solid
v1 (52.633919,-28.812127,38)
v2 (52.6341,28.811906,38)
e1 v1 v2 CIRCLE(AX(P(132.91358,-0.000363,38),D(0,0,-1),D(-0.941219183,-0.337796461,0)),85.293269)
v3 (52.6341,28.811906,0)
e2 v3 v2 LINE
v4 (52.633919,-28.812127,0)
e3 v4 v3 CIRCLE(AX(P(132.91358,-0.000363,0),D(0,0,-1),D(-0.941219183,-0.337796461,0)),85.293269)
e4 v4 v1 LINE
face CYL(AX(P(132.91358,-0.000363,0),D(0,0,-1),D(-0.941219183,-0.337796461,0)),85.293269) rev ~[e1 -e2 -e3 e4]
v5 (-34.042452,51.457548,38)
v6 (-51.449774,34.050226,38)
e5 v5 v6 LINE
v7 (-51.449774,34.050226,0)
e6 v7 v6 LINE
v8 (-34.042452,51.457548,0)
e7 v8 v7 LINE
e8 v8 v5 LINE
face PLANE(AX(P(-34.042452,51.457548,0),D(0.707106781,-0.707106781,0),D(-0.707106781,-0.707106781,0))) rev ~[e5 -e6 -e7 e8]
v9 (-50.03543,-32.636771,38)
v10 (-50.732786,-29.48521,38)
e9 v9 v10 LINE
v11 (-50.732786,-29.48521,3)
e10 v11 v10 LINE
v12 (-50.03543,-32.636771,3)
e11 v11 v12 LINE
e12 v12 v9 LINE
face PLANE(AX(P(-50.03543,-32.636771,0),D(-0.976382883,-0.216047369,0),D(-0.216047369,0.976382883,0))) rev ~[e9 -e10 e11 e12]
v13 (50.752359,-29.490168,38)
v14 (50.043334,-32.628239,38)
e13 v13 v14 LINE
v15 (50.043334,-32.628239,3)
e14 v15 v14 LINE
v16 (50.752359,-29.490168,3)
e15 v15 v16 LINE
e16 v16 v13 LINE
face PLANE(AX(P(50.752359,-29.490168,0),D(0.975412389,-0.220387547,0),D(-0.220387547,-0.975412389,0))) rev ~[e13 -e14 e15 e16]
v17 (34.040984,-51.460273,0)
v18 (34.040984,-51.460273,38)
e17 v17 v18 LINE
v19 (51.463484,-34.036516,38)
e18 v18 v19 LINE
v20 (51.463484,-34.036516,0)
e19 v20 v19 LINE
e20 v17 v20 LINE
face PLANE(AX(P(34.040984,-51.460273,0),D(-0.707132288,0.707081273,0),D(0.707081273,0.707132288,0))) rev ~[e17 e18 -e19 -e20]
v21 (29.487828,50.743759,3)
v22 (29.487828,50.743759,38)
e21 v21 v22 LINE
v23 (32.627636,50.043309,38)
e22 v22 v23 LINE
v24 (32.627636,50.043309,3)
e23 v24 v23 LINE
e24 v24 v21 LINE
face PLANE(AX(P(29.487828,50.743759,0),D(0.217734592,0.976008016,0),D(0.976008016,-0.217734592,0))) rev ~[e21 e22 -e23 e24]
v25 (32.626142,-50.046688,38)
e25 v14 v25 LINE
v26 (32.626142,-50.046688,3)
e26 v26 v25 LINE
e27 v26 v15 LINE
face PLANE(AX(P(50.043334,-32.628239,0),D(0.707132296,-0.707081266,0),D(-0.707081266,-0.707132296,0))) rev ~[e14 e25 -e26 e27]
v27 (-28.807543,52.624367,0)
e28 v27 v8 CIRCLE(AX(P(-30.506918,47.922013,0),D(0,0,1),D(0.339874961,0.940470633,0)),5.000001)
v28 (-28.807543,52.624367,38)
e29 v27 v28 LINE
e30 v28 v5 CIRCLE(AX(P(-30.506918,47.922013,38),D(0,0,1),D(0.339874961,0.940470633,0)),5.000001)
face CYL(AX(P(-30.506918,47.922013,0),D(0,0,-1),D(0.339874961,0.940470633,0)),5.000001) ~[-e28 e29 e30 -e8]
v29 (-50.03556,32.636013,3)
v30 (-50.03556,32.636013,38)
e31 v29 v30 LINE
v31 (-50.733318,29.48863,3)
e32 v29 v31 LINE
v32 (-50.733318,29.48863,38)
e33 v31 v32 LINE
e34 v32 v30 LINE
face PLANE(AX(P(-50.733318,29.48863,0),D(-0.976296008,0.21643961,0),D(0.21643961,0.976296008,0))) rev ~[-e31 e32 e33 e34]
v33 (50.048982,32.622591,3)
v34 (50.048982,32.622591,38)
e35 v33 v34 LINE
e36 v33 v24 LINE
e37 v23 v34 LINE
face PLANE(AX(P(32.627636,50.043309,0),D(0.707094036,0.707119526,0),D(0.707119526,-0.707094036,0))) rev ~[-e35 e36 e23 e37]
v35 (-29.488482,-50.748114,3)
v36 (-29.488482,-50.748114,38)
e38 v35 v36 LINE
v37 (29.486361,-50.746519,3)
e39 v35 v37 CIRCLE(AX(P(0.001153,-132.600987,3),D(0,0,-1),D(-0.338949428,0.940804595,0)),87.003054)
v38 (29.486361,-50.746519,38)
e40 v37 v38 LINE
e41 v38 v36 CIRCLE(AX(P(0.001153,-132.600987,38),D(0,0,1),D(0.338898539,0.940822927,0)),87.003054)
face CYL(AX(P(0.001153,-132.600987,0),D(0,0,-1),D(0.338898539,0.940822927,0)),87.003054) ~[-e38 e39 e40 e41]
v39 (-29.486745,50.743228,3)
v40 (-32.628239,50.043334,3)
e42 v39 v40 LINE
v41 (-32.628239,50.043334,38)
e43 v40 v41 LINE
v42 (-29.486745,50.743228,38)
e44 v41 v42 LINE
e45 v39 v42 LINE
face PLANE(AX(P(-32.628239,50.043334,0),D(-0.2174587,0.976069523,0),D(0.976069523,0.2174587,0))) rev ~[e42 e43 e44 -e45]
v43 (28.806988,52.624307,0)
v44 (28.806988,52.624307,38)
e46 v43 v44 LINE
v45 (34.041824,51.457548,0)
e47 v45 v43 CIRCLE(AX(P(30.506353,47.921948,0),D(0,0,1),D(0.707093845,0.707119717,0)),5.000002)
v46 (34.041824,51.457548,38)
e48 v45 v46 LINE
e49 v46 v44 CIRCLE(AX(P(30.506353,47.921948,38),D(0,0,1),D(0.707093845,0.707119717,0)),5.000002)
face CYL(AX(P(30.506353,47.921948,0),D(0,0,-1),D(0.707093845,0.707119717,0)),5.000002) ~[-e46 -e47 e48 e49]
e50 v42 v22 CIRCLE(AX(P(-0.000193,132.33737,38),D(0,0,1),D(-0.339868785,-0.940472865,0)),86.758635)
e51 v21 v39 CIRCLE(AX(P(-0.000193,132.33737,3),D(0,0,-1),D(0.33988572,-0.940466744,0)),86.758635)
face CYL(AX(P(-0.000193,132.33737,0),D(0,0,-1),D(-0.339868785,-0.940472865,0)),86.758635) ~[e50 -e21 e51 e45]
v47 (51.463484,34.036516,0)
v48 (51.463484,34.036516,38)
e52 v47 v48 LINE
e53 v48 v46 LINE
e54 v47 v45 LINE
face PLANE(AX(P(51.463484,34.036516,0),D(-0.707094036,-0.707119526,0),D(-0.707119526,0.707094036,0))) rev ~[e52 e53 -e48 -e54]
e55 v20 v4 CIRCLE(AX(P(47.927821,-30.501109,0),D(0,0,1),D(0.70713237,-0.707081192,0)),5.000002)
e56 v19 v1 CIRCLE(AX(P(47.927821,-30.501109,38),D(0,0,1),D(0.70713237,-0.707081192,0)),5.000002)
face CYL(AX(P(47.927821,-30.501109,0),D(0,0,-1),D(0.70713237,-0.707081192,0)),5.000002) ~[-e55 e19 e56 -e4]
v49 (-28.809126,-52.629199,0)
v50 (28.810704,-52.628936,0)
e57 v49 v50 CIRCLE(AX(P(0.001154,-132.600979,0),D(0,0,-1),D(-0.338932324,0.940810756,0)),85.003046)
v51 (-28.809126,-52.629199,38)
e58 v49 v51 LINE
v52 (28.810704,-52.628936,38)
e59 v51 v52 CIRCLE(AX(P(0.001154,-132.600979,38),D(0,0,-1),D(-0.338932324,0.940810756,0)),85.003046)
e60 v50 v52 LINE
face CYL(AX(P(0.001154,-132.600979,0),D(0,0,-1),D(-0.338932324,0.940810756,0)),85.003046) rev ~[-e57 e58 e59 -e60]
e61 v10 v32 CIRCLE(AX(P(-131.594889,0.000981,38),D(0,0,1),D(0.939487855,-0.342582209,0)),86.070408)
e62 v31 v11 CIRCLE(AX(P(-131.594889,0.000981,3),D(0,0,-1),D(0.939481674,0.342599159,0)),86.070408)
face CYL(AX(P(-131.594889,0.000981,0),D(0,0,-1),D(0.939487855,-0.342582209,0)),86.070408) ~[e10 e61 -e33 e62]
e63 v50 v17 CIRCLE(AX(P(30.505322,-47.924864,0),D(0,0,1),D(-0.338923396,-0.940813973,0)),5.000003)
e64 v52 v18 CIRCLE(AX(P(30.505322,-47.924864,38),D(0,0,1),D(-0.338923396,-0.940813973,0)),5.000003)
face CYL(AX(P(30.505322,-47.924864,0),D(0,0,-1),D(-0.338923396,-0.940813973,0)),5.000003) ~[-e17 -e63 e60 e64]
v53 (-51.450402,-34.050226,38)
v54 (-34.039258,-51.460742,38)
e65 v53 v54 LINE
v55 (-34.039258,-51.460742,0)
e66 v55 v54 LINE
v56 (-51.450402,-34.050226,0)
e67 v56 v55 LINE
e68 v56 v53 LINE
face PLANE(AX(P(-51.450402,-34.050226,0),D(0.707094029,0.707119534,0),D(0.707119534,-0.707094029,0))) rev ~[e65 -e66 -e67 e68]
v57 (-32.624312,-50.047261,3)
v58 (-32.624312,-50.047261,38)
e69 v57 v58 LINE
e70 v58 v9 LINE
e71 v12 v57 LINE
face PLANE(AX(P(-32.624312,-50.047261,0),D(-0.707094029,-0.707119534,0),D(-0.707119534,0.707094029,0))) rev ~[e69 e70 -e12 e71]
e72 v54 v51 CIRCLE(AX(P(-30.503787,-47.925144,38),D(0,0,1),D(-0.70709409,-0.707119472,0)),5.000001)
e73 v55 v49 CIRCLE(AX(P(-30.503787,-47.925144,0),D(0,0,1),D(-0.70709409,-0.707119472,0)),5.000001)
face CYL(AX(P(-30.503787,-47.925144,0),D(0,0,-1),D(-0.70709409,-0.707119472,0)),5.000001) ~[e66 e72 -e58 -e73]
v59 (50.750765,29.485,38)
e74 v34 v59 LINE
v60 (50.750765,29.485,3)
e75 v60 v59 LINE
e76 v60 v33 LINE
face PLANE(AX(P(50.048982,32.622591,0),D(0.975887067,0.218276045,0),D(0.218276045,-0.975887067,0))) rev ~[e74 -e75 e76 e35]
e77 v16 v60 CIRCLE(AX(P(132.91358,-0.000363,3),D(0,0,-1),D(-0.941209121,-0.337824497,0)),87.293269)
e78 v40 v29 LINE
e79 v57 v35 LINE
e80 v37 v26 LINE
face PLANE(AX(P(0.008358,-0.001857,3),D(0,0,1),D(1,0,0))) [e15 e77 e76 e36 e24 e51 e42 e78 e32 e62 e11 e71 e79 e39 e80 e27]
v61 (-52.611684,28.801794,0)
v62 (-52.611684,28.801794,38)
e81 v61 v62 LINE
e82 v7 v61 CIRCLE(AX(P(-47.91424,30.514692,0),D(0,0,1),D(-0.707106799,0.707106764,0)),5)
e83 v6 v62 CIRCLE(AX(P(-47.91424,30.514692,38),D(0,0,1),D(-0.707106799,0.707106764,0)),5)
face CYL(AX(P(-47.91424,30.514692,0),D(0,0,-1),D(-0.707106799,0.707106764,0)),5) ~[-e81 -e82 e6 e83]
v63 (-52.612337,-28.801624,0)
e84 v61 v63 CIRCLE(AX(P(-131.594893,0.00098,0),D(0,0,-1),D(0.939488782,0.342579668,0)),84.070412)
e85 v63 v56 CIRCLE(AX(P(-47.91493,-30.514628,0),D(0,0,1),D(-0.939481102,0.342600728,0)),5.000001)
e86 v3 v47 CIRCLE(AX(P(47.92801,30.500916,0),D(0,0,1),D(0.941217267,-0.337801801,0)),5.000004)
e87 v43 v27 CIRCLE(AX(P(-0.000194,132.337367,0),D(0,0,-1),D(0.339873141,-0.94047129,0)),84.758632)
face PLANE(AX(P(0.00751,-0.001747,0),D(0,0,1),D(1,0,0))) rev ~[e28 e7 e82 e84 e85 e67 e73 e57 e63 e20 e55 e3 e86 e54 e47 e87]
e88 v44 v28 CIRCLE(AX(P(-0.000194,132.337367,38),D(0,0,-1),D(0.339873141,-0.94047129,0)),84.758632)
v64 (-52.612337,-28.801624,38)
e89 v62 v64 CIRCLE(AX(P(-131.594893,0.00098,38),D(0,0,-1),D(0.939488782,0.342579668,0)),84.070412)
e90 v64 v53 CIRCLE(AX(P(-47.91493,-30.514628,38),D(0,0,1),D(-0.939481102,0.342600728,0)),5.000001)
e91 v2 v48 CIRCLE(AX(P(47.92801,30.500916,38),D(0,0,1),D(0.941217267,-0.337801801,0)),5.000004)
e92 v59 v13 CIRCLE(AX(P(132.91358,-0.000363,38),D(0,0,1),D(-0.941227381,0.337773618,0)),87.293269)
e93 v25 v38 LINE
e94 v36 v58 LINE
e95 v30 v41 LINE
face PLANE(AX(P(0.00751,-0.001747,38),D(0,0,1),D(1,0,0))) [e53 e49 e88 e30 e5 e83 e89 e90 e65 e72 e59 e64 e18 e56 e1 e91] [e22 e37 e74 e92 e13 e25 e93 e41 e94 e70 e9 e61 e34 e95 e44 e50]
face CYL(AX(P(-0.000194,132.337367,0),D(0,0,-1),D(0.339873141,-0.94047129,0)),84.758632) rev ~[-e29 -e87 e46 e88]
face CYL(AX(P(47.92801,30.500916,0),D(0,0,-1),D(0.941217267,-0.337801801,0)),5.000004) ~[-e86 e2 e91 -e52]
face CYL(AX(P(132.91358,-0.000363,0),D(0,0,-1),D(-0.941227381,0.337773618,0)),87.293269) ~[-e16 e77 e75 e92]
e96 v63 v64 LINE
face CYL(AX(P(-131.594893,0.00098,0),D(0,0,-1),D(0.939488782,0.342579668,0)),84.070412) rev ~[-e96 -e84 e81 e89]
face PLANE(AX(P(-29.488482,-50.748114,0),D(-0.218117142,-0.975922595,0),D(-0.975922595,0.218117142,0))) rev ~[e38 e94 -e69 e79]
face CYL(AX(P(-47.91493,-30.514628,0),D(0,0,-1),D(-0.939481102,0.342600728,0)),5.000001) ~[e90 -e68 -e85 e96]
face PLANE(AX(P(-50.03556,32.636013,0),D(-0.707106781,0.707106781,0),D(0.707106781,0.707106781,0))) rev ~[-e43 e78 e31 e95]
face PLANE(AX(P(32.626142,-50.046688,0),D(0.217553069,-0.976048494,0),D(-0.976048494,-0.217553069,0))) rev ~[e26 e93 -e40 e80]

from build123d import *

# Parameters (mm, degrees)
F1_DEPTH = 3
F2_DEPTH = 38


with BuildPart() as f1:
    # F0 (on Top) → F1 (new body)
    with BuildSketch(Plane.XY):
        with BuildLine():
            Line((-29.486745, 50.743228), (-32.628239, 50.043334))
            Line((-32.628239, 50.043334), (-50.03556, 32.636013))
            Line((-50.03556, 32.636013), (-50.733318, 29.48863))
            ThreePointArc((-50.733318, 29.48863), (-45.524481, 0.001757), (-50.732786, -29.48521))
            Line((-50.732786, -29.48521), (-50.03543, -32.636771))
            Line((-50.03543, -32.636771), (-32.624312, -50.047261))
            Line((-32.624312, -50.047261), (-29.488482, -50.748114))
            ThreePointArc((-29.488482, -50.748114), (-0.0012, -45.597933), (29.486361, -50.746519))
            Line((29.486361, -50.746519), (32.626142, -50.046688))
            Line((32.626142, -50.046688), (50.043334, -32.628239))
            Line((50.043334, -32.628239), (50.752359, -29.490168))
            ThreePointArc((50.752359, -29.490168), (45.620311, -0.002723), (50.750765, 29.485))
            Line((50.750765, 29.485), (50.048982, 32.622591))
            Line((50.048982, 32.622591), (32.627636, 50.043309))
            Line((32.627636, 50.043309), (29.487828, 50.743759))
            ThreePointArc((29.487828, 50.743759), (0.000588, 45.578735), (-29.486745, 50.743228))
        make_face()
    extrude(amount=F1_DEPTH)

    # F0 (on Top) → F2 (join)
    with BuildSketch(Plane.XY):
        with BuildLine():
            Line((51.463484, 34.036516), (34.041824, 51.457548))
            ThreePointArc((34.041824, 51.457548), (31.594081, 52.802201), (28.806988, 52.624307))
            ThreePointArc((28.806988, 52.624307), (-0.000283, 47.578735), (-28.807543, 52.624367))
            ThreePointArc((-28.807543, 52.624367), (-31.594685, 52.802256), (-34.042452, 51.457548))
            Line((-34.042452, 51.457548), (-51.449774, 34.050226))
            ThreePointArc((-51.449774, 34.050226), (-52.796042, 31.595437), (-52.611684, 28.801794))
            ThreePointArc((-52.611684, 28.801794), (-47.524481, 2.7e-05), (-52.612337, -28.801624))
            ThreePointArc((-52.612337, -28.801624), (-52.796736, -31.595362), (-51.450402, -34.050226))
            Line((-51.450402, -34.050226), (-34.039258, -51.460742))
            ThreePointArc((-34.039258, -51.460742), (-31.593956, -52.804851), (-28.809126, -52.629199))
            ThreePointArc((-28.809126, -52.629199), (0.000766, -47.597933), (28.810704, -52.628936))
            ThreePointArc((28.810704, -52.628936), (31.595645, -52.804538), (34.040984, -51.460273))
            Line((34.040984, -51.460273), (51.463484, -34.036516))
            ThreePointArc((51.463484, -34.036516), (52.80688, -31.594178), (52.633919, -28.812127))
            ThreePointArc((52.633919, -28.812127), (47.620311, -9.5e-05), (52.6341, 28.811906))
            ThreePointArc((52.6341, 28.811906), (52.807045, 31.594103), (51.463484, 34.036516))
        make_face()
        with BuildLine():
            Line((-50.03556, 32.636013), (-32.628239, 50.043334))
            Line((-32.628239, 50.043334), (-29.486745, 50.743228))
            ThreePointArc((-29.486745, 50.743228), (0.000588, 45.578735), (29.487828, 50.743759))
            Line((29.487828, 50.743759), (32.627636, 50.043309))
            Line((32.627636, 50.043309), (50.048982, 32.622591))
            Line((50.048982, 32.622591), (50.750765, 29.485))
            ThreePointArc((50.750765, 29.485), (45.620311, -0.002723), (50.752359, -29.490168))
            Line((50.752359, -29.490168), (50.043334, -32.628239))
            Line((50.043334, -32.628239), (32.626142, -50.046688))
            Line((32.626142, -50.046688), (29.486361, -50.746519))
            ThreePointArc((29.486361, -50.746519), (-0.0012, -45.597933), (-29.488482, -50.748114))
            Line((-29.488482, -50.748114), (-32.624312, -50.047261))
            Line((-32.624312, -50.047261), (-50.03543, -32.636771))
            Line((-50.03543, -32.636771), (-50.732786, -29.48521))
            ThreePointArc((-50.732786, -29.48521), (-45.524481, 0.001757), (-50.733318, 29.48863))
            Line((-50.733318, 29.48863), (-50.03556, 32.636013))
        make_face(mode=Mode.SUBTRACT)
    extrude(amount=F2_DEPTH)


solid = f1.part
